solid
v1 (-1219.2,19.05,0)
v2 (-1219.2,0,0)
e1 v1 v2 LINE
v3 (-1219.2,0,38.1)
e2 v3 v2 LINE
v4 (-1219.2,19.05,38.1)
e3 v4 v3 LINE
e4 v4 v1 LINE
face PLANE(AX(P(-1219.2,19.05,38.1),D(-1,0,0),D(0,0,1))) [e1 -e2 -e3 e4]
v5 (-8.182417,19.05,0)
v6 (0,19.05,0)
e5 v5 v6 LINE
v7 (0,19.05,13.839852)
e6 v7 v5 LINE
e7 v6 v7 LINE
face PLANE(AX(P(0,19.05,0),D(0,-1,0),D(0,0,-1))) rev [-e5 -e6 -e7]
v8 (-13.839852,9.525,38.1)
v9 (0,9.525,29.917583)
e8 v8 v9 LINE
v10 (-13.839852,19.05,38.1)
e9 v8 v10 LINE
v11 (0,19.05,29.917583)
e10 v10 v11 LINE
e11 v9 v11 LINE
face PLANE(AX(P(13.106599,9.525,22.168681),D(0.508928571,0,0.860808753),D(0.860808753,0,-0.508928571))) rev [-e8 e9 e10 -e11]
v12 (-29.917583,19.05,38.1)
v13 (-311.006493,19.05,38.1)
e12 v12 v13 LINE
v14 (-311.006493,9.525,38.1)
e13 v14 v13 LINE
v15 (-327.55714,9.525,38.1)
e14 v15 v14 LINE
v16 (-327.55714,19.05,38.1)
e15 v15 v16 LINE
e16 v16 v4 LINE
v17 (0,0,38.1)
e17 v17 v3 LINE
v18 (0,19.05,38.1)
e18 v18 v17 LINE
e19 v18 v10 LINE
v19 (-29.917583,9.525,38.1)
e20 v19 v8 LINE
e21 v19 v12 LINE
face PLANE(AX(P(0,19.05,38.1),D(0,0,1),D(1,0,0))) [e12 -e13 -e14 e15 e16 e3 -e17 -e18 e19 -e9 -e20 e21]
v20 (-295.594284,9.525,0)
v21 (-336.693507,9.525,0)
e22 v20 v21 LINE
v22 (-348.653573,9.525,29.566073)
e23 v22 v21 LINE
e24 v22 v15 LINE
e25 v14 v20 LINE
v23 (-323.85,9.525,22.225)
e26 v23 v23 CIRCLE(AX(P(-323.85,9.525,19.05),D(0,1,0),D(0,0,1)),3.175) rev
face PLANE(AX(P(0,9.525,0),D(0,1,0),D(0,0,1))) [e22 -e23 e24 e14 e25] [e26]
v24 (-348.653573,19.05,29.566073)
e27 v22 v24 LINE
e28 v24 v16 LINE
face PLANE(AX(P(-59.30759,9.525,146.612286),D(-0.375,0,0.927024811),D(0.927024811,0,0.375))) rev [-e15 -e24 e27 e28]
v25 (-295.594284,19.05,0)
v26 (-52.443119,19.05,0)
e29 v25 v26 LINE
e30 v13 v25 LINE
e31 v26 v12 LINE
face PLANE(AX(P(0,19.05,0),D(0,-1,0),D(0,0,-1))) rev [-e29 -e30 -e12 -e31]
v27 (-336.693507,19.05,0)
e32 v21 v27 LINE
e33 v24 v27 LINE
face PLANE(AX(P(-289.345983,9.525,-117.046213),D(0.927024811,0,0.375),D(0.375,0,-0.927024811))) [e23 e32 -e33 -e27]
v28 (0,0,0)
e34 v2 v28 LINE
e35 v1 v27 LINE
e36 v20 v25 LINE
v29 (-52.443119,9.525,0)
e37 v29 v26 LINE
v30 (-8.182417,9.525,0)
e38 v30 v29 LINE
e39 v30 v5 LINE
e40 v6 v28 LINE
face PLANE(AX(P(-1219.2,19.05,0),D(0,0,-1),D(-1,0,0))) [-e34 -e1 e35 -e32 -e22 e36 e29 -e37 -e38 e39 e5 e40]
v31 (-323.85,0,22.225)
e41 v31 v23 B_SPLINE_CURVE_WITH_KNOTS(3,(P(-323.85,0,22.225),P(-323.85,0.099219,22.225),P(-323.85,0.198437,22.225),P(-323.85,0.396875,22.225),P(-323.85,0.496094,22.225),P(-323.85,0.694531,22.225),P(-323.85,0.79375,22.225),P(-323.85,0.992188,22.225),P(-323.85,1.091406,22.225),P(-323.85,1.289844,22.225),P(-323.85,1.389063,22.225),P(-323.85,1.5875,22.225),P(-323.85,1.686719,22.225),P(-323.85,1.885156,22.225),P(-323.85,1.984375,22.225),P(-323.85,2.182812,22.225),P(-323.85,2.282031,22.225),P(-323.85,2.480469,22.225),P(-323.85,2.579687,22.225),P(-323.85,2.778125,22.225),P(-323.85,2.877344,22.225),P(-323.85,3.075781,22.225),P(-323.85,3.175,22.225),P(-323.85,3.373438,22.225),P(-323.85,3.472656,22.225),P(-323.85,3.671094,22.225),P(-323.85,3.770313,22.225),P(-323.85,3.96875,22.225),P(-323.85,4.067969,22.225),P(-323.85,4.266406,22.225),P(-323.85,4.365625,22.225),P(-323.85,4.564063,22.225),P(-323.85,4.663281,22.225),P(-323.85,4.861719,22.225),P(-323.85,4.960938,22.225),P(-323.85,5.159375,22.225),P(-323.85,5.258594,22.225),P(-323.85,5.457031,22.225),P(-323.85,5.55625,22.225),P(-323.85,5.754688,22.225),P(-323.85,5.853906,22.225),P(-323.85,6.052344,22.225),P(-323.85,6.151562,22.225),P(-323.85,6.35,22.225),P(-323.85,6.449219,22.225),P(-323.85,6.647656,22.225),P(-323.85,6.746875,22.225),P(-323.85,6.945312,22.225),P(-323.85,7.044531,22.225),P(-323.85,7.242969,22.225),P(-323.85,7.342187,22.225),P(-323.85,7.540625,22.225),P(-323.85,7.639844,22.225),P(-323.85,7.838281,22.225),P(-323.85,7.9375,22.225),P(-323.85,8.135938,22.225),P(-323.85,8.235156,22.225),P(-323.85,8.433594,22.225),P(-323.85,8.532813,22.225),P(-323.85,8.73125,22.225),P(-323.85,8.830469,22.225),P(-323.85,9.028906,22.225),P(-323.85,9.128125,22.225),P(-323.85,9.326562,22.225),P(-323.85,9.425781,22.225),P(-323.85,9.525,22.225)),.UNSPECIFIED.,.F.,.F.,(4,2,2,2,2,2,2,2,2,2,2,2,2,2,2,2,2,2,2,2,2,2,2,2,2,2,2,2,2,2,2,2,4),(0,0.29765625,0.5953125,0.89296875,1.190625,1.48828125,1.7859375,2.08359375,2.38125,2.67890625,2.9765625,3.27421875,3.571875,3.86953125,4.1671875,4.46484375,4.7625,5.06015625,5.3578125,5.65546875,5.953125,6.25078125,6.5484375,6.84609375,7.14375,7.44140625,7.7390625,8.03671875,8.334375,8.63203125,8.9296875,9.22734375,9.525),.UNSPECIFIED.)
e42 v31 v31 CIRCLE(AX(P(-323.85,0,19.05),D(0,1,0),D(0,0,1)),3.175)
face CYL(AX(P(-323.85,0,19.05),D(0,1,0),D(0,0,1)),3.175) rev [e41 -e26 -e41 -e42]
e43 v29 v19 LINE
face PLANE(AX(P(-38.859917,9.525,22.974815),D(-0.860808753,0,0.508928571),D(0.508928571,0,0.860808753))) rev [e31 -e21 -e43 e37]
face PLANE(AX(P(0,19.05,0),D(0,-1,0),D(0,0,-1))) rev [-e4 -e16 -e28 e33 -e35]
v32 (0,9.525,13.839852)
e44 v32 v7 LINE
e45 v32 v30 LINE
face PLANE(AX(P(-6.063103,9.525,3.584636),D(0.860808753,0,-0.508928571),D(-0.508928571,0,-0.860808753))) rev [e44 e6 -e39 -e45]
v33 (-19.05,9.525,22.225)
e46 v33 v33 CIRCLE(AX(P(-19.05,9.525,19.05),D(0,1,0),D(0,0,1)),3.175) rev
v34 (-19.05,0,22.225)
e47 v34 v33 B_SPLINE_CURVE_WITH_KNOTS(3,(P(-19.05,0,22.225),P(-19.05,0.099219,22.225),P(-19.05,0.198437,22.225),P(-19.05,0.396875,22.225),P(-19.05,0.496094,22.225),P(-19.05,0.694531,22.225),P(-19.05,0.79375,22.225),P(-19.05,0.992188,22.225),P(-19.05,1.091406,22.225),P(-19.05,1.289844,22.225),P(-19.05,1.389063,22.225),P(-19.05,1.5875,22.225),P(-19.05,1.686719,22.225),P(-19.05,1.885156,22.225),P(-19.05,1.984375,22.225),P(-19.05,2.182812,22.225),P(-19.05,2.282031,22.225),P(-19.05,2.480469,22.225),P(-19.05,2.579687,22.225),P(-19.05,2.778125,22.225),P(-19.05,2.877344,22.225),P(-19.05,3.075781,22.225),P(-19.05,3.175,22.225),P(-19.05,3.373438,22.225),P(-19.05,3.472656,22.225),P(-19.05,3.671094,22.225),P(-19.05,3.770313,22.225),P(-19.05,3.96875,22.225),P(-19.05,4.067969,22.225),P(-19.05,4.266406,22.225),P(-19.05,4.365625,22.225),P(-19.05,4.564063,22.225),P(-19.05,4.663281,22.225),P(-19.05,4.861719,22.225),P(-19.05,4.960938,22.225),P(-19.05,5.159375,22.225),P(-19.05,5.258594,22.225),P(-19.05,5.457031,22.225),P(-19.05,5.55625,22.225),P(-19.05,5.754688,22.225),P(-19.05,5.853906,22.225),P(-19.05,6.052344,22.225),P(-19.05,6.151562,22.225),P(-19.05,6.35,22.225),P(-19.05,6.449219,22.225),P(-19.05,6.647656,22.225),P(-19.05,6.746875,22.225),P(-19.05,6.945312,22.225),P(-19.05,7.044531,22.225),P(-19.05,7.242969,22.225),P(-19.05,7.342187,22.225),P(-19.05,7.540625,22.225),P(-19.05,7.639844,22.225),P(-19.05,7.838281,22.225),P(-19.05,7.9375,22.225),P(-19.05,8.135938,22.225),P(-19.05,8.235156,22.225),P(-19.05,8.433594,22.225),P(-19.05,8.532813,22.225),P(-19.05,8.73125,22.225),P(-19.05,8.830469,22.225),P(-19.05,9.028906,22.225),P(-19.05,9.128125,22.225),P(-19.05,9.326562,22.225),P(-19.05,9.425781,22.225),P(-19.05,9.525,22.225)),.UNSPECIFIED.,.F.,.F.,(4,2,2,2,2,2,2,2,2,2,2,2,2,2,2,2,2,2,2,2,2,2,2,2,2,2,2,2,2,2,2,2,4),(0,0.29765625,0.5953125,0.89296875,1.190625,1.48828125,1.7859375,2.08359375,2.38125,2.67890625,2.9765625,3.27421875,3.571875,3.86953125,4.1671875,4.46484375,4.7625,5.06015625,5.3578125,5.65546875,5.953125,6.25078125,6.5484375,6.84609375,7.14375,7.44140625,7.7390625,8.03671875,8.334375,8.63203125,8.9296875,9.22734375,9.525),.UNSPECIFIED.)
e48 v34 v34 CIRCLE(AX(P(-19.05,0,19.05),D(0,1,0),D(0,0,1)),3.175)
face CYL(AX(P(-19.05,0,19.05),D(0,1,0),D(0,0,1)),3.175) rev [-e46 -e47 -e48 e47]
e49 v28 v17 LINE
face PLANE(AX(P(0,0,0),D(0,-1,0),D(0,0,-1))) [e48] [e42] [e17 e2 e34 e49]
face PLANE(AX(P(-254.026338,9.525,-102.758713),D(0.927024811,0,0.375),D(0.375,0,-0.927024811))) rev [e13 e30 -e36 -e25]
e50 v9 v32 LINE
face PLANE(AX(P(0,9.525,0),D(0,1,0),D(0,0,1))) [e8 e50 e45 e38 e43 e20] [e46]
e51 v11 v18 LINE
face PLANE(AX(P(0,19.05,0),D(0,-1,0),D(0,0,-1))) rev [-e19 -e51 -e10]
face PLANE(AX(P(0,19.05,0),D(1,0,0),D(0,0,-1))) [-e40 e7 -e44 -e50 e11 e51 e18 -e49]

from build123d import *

# Parameters (mm, degrees)
SKETCH2_W           = 1219.2
SKETCH2_H           = 38.1
BOSS_EXTRUDE2_DEPTH = 19.05
SKETCH3_R           = 3.175
CUT_EXTRUDE1_DEPTH  = 19.05
SKETCH4_R           = 3.175
CUT_EXTRUDE2_DEPTH  = 9.525


with BuildPart() as part:
    # Sketch2 → Boss-Extrude2 (new body)
    with BuildSketch(Plane(origin=(0, 0, 0), x_dir=(1, 0, 0), z_dir=(0, 1, 0))):
        with Locations((-609.6, -19.05)):
            Rectangle(SKETCH2_W, SKETCH2_H)
    extrude(amount=BOSS_EXTRUDE2_DEPTH)

    # Sketch3 → Cut-Extrude1 (cut)
    with BuildSketch(Plane(origin=(0, 19.05, 0), x_dir=(1, 0, 0), z_dir=(0, 1, 0))):
        with Locations((-19.05, -19.05)):
            Circle(SKETCH3_R)
        with Locations((-323.85, -19.05)):
            Circle(SKETCH3_R)
    extrude(amount=-CUT_EXTRUDE1_DEPTH, mode=Mode.SUBTRACT)

    # Sketch4 → Cut-Extrude2 (cut)
    # profile 1 of 2: a face of its own
    with BuildSketch(Plane(origin=(0, 19.05, 0), x_dir=(1, 0, 0), z_dir=(0, 1, 0))):
        Polygon((-336.69350738, 0), (-348.653572647, -29.566072647), (-327.557139607, -38.1), (-311.00649262, -38.1), (-295.594283764, 0), align=None)
        with Locations((-323.85, -19.05)):
            Circle(SKETCH4_R, mode=Mode.SUBTRACT)
    # profile 2 of 2: a face of its own
    with BuildSketch(Plane(origin=(0, 19.05, 0), x_dir=(1, 0, 0), z_dir=(0, 1, 0))):
        Polygon((-52.443119188, 0), (-29.917583168, -38.1), (-13.839851848, -38.1), (0, -29.917583168), (0, -13.839851848), (-8.182416832, 0), align=None)
        with Locations((-19.05, -19.05)):
            Circle(SKETCH4_R, mode=Mode.SUBTRACT)
    extrude(amount=-CUT_EXTRUDE2_DEPTH, mode=Mode.SUBTRACT)


solid = part.part
